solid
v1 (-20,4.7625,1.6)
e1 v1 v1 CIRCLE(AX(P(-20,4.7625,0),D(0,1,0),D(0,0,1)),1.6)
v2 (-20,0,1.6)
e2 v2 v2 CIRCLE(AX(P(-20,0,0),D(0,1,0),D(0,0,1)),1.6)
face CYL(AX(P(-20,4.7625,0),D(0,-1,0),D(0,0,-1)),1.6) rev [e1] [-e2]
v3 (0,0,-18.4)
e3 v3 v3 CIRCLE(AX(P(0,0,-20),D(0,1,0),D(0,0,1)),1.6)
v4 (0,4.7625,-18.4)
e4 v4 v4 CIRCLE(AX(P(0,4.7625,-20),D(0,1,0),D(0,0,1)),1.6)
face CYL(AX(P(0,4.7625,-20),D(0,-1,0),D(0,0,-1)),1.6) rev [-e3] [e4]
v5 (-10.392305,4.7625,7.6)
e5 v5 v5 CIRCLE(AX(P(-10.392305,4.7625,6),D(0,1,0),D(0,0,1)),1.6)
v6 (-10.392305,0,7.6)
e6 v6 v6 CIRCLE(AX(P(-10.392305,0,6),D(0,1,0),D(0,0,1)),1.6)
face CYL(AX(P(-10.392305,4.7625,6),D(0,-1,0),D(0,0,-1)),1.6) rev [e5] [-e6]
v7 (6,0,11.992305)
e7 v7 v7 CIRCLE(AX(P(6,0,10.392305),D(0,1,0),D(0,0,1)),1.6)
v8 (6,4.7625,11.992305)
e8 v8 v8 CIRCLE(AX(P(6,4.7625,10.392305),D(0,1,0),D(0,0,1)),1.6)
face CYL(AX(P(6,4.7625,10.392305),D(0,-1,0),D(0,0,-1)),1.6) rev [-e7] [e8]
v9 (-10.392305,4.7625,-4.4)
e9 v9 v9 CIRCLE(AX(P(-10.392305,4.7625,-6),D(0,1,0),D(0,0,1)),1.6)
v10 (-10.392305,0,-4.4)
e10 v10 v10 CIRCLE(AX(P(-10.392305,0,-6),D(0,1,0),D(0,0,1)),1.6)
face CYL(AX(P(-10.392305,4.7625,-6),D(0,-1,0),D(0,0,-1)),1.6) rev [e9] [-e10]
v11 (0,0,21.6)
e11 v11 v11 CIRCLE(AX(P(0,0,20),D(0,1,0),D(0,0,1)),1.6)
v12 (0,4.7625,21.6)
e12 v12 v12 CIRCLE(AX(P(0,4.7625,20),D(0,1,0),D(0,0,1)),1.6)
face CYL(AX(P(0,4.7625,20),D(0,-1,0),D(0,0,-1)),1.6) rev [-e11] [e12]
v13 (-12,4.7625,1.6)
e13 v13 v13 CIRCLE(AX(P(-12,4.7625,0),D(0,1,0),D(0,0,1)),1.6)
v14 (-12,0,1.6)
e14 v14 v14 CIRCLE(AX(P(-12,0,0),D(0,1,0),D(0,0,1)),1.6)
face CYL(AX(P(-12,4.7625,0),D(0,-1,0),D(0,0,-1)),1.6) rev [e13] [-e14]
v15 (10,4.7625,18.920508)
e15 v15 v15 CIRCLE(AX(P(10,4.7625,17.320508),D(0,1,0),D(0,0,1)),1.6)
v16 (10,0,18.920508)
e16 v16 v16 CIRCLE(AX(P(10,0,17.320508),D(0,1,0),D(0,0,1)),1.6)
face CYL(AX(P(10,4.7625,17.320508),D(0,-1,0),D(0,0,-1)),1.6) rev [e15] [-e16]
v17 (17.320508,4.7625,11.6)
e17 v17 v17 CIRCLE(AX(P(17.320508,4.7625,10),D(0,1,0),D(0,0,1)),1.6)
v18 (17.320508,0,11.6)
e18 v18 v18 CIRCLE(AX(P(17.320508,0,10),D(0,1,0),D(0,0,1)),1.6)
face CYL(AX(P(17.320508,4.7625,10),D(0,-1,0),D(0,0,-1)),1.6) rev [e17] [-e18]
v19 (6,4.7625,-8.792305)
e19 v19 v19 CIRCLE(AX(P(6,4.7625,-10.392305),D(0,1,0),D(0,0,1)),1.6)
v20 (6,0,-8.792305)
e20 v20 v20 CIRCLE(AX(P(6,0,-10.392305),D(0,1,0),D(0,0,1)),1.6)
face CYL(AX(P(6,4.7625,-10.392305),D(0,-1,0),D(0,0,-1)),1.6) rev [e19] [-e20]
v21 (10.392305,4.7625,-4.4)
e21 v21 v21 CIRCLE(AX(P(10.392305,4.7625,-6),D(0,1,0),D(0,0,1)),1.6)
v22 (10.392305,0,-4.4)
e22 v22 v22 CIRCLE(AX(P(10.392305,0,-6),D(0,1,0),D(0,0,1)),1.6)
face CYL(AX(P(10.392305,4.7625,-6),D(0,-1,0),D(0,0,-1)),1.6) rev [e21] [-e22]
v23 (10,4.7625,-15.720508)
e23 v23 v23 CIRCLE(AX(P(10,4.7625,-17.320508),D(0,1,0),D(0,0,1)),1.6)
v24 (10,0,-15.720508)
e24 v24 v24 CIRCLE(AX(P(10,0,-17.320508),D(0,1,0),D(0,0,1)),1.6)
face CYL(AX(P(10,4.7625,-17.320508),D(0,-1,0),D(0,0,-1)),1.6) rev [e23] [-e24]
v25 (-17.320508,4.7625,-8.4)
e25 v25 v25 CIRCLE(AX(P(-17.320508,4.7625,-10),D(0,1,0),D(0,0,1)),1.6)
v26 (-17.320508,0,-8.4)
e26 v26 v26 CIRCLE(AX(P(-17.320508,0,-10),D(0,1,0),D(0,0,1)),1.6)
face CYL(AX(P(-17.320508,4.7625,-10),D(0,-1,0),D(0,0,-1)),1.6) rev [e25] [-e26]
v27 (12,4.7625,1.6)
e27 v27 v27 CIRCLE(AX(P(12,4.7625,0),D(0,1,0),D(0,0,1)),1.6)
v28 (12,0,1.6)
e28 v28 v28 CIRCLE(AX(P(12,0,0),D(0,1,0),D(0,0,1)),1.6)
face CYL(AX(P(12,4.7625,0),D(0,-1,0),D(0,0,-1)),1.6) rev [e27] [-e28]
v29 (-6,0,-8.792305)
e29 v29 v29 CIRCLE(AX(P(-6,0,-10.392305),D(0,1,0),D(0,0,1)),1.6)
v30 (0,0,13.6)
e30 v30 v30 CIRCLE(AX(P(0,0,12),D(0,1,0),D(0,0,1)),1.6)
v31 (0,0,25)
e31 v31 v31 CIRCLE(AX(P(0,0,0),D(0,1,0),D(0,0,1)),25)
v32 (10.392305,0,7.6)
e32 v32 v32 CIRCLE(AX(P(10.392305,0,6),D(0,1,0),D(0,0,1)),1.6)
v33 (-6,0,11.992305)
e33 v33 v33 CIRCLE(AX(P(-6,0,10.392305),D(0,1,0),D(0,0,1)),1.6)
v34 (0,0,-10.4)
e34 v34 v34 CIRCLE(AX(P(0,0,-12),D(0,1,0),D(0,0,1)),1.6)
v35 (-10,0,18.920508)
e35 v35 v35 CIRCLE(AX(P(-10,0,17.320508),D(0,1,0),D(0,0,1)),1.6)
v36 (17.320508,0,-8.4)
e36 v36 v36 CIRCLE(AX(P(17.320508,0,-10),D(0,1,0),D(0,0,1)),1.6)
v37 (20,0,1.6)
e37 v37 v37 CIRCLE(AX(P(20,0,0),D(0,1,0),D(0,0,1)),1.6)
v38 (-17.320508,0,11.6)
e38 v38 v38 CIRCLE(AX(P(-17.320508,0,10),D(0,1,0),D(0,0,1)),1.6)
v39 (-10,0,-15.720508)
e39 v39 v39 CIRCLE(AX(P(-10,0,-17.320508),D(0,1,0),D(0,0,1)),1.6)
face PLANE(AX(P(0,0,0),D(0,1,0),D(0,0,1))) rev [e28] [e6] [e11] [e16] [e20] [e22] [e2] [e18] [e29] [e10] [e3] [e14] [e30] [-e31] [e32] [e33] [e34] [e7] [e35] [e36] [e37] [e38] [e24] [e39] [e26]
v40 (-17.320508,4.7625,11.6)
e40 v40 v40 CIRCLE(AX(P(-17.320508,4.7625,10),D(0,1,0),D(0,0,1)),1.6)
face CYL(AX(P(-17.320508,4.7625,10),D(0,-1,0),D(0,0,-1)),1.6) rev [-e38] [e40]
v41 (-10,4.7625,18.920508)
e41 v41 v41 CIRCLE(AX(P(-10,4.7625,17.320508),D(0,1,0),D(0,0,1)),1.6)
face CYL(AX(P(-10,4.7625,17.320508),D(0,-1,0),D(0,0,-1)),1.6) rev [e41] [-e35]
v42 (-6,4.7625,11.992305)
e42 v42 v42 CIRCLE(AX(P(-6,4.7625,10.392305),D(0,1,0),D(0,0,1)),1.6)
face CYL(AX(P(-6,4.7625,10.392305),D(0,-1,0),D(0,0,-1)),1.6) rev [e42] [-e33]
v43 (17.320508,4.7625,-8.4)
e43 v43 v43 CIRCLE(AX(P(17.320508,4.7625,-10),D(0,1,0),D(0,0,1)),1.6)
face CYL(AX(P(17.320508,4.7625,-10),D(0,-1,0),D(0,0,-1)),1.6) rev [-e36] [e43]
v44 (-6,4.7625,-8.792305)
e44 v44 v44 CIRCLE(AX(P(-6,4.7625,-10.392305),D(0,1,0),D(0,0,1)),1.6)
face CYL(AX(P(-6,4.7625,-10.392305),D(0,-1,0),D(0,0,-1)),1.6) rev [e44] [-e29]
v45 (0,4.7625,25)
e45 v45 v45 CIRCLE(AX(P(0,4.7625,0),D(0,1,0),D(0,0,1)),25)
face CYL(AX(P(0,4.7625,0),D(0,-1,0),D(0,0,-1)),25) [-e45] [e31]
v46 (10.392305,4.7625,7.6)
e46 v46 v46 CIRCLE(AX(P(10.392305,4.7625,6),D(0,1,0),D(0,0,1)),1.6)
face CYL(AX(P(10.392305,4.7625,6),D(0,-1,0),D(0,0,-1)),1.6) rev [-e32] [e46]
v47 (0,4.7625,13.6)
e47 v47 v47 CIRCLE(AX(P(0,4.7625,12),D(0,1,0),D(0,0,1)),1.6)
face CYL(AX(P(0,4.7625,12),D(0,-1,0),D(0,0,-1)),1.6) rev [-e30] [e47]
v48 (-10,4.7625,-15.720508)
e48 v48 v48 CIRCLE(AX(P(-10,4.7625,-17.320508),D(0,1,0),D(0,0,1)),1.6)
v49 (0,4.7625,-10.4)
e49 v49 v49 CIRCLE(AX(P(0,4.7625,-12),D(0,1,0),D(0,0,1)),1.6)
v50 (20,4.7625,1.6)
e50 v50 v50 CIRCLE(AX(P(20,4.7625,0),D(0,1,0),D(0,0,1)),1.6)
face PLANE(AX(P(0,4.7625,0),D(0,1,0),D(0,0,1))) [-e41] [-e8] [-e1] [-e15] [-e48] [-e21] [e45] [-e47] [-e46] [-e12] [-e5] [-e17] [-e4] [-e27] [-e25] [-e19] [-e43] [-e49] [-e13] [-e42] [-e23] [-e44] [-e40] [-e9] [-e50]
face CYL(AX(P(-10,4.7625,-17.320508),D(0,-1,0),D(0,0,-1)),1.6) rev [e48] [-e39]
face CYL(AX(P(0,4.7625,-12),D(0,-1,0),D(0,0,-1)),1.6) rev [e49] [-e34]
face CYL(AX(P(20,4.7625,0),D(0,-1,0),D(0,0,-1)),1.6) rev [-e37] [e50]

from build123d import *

# Parameters (mm, degrees)
SKETCH1_R           = 25
SKETCH1_R_2         = 1.6
BOSS_EXTRUDE1_DEPTH = 4.7625


with BuildPart() as part:
    # Sketch1 → Boss-Extrude1 (new body)
    with BuildSketch(Plane(origin=(0, 0, 0), x_dir=(1, 0, 0), z_dir=(0, 1, 0))):
        Circle(SKETCH1_R)
        with Locations((20, 0)):
            Circle(SKETCH1_R_2, mode=Mode.SUBTRACT)
        with Locations((12, 0)):
            Circle(SKETCH1_R_2, mode=Mode.SUBTRACT)
        with Locations((17.320508076, -10)):
            Circle(SKETCH1_R_2, mode=Mode.SUBTRACT)
        with Locations((10.392304845, -6)):
            Circle(SKETCH1_R_2, mode=Mode.SUBTRACT)
        with Locations((10, -17.320508076)):
            Circle(SKETCH1_R_2, mode=Mode.SUBTRACT)
        with Locations((6, -10.392304845)):
            Circle(SKETCH1_R_2, mode=Mode.SUBTRACT)
        with Locations((0, -20)):
            Circle(SKETCH1_R_2, mode=Mode.SUBTRACT)
        with Locations((0, -12)):
            Circle(SKETCH1_R_2, mode=Mode.SUBTRACT)
        with Locations((-10, -17.320508076)):
            Circle(SKETCH1_R_2, mode=Mode.SUBTRACT)
        with Locations((-6, -10.392304845)):
            Circle(SKETCH1_R_2, mode=Mode.SUBTRACT)
        with Locations((-17.320508076, -10)):
            Circle(SKETCH1_R_2, mode=Mode.SUBTRACT)
        with Locations((-10.392304845, -6)):
            Circle(SKETCH1_R_2, mode=Mode.SUBTRACT)
        with Locations((-20, 0)):
            Circle(SKETCH1_R_2, mode=Mode.SUBTRACT)
        with Locations((-12, 0)):
            Circle(SKETCH1_R_2, mode=Mode.SUBTRACT)
        with Locations((-17.320508076, 10)):
            Circle(SKETCH1_R_2, mode=Mode.SUBTRACT)
        with Locations((-10.392304845, 6)):
            Circle(SKETCH1_R_2, mode=Mode.SUBTRACT)
        with Locations((-10, 17.320508076)):
            Circle(SKETCH1_R_2, mode=Mode.SUBTRACT)
        with Locations((-6, 10.392304845)):
            Circle(SKETCH1_R_2, mode=Mode.SUBTRACT)
        with Locations((0, 20)):
            Circle(SKETCH1_R_2, mode=Mode.SUBTRACT)
        with Locations((0, 12)):
            Circle(SKETCH1_R_2, mode=Mode.SUBTRACT)
        with Locations((10, 17.320508076)):
            Circle(SKETCH1_R_2, mode=Mode.SUBTRACT)
        with Locations((6, 10.392304845)):
            Circle(SKETCH1_R_2, mode=Mode.SUBTRACT)
        with Locations((17.320508076, 10)):
            Circle(SKETCH1_R_2, mode=Mode.SUBTRACT)
        with Locations((10.392304845, 6)):
            Circle(SKETCH1_R_2, mode=Mode.SUBTRACT)
    extrude(amount=BOSS_EXTRUDE1_DEPTH)


solid = part.part
